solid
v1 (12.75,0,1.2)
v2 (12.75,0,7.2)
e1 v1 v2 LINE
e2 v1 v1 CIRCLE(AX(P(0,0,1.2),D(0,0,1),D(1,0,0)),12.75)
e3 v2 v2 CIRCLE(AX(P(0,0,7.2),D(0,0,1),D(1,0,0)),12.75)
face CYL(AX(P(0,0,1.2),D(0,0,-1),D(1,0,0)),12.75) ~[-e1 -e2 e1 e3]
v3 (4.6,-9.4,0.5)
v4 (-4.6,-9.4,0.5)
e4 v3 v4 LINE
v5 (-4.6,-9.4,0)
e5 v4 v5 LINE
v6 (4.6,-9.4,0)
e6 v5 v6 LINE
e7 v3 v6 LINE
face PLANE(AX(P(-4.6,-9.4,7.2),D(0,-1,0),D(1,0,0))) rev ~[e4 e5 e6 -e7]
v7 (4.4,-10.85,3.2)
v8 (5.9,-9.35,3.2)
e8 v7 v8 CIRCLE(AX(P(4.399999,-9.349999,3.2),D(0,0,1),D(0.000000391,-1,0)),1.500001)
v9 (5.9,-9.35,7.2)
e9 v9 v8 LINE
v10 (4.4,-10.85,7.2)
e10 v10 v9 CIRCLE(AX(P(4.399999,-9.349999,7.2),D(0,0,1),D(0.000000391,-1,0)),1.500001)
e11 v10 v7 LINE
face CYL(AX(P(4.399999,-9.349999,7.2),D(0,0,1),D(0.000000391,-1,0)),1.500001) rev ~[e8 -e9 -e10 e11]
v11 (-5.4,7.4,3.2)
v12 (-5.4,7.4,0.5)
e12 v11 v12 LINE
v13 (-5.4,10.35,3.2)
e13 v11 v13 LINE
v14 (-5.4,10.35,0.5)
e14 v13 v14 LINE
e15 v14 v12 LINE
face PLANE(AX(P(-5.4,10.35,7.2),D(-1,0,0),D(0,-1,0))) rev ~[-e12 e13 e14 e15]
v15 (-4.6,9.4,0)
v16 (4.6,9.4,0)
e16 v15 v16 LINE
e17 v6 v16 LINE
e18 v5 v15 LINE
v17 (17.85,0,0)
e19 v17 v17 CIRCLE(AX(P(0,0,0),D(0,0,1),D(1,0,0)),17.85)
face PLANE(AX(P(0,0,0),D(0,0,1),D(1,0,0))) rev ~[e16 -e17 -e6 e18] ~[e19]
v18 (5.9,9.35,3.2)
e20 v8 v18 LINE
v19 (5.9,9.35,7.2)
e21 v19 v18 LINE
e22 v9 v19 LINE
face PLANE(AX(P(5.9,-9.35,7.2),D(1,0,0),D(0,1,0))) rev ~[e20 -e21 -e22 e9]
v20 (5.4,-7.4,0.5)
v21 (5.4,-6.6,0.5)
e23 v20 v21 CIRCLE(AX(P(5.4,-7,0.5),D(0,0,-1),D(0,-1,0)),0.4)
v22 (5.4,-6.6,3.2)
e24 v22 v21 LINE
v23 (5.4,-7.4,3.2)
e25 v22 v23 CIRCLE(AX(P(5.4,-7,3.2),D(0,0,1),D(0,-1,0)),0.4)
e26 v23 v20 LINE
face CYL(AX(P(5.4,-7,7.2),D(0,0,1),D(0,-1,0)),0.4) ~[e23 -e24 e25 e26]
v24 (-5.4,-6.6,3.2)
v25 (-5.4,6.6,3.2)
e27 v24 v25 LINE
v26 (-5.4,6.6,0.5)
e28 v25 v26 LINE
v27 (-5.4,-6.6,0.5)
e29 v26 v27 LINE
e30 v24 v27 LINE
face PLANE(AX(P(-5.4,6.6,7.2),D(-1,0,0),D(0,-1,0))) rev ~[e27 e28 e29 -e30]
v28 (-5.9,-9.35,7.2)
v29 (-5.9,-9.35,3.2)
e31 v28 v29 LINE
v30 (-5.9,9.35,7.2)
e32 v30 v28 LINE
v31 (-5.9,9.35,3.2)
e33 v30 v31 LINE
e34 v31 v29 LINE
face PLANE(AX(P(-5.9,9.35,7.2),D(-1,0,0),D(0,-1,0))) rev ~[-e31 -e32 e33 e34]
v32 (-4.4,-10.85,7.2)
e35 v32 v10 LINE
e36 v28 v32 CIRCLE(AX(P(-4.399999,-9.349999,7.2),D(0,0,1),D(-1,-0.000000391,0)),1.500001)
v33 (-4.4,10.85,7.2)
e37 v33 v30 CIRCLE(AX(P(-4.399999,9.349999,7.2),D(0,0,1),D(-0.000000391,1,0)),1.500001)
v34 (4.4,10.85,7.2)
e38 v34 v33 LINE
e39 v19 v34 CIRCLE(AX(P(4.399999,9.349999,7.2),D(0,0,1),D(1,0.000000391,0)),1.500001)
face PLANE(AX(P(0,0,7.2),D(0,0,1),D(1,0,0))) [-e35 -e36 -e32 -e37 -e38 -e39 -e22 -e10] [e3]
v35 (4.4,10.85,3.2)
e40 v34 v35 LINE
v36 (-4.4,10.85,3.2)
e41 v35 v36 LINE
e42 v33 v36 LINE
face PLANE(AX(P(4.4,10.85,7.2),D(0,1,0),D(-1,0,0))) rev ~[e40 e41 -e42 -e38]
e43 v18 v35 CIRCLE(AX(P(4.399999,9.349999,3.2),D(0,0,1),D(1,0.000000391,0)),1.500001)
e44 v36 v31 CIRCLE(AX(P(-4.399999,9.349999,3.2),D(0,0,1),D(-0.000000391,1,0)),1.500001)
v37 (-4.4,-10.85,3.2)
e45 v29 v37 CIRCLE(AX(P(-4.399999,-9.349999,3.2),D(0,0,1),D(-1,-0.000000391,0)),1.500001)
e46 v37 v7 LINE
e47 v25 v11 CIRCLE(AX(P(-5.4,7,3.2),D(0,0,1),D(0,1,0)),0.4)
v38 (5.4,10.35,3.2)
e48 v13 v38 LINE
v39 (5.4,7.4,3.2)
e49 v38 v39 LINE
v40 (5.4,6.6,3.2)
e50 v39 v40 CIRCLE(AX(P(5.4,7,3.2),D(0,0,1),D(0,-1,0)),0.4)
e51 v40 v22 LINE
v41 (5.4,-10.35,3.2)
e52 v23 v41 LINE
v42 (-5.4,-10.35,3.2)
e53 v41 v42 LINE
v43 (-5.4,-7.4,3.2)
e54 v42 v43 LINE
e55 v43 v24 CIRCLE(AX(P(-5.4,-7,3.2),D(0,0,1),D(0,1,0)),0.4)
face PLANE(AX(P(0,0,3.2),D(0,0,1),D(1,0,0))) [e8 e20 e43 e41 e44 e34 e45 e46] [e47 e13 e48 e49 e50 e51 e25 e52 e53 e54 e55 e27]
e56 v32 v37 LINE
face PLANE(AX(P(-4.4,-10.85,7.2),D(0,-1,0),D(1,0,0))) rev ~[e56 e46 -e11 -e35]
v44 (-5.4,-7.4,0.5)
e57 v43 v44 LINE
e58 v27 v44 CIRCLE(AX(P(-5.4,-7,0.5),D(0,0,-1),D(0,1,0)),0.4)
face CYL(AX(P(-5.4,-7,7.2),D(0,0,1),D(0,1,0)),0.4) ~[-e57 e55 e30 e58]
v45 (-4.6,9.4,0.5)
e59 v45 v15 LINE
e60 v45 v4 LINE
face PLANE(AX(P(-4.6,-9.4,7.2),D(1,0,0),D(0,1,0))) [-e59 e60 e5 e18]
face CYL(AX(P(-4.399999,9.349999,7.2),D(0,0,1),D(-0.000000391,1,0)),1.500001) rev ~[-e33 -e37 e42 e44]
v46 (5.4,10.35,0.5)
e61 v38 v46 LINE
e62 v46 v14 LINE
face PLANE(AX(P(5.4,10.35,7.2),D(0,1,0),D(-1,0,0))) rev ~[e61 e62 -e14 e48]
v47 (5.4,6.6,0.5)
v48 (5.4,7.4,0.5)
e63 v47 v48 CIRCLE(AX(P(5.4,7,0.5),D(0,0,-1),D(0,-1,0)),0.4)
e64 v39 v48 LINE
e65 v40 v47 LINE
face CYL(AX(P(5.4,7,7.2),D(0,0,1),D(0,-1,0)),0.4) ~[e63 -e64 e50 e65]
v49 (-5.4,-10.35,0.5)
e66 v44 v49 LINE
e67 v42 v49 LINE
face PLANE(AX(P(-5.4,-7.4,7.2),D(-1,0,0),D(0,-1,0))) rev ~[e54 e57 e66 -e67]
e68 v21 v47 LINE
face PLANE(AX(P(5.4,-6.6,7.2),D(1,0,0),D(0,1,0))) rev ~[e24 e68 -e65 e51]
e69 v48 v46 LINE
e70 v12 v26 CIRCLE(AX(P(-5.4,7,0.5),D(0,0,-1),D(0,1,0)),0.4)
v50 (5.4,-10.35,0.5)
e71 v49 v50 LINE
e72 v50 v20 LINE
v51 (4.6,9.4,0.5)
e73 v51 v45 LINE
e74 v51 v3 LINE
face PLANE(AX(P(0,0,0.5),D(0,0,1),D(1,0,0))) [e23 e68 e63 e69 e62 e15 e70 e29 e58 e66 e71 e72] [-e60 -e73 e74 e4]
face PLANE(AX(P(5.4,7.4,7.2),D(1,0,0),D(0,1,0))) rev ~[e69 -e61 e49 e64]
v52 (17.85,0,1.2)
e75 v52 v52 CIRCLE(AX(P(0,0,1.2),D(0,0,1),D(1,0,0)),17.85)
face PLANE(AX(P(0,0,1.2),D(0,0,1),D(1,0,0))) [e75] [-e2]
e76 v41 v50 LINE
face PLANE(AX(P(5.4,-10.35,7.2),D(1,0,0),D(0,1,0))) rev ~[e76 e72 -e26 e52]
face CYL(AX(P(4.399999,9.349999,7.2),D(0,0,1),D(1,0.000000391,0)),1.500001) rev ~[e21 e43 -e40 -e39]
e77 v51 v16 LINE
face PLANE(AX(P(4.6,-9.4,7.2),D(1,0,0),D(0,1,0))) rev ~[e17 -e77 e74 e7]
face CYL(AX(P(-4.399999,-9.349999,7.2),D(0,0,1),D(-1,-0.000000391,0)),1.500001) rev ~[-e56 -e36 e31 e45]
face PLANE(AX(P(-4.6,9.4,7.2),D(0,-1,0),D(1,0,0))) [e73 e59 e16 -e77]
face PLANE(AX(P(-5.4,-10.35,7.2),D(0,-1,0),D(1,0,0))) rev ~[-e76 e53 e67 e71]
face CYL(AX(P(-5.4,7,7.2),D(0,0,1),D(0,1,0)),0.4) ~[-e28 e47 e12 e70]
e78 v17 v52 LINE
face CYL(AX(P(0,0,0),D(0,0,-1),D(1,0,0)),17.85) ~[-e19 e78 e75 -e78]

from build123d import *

# Parameters (mm, degrees)
F0_R     = 17.85
F1_DEPTH = 1.2
F2_R     = 12.75
F3_DEPTH = 6
F4_W     = 9.2
F4_H     = 18.8
F5_DEPTH = 7.201
F7_DEPTH = 6.7
F9_DEPTH = 4


with BuildPart() as f1:
    # F0 (on Top) → F1 (new body)
    with BuildSketch(Plane.XY):
        Circle(F0_R)
    extrude(amount=F1_DEPTH)

    # F2 (on face) → F3 (join)
    with BuildSketch(Plane.XY.offset(1.2)):
        Circle(F2_R)
    extrude(amount=F3_DEPTH)

    # F4 (on face) → F5 (cut, through all)
    with BuildSketch(Plane.XY.offset(7.2)):
        Rectangle(F4_W, F4_H)
    extrude(amount=-F5_DEPTH, mode=Mode.SUBTRACT)

    # F6 (on face) → F7 (cut)
    with BuildSketch(Plane.XY.offset(7.2)):
        with BuildLine():
            Line((5.4, 10.35), (-5.4, 10.35))
            Line((-5.4, 10.35), (-5.4, 7.4))
            ThreePointArc((-5.4, 7.4), (-5, 7), (-5.4, 6.6))
            Line((-5.4, 6.6), (-5.4, -6.6))
            ThreePointArc((-5.4, -6.6), (-5, -7), (-5.4, -7.4))
            Line((-5.4, -7.4), (-5.4, -10.35))
            Line((-5.4, -10.35), (5.4, -10.35))
            Line((5.4, -10.35), (5.4, -7.4))
            ThreePointArc((5.4, -7.4), (5, -7), (5.4, -6.6))
            Line((5.4, -6.6), (5.4, 6.6))
            ThreePointArc((5.4, 6.6), (5, 7), (5.4, 7.4))
            Line((5.4, 7.4), (5.4, 10.35))
        make_face()
    extrude(amount=-F7_DEPTH, mode=Mode.SUBTRACT)

    # F8 (on face) → F9 (cut)
    with BuildSketch(Plane.XY.offset(7.2)):
        with BuildLine():
            Line((4.4, 10.85), (-4.4, 10.85))
            ThreePointArc((-4.4, 10.85), (-5.46066, 10.41066), (-5.9, 9.35))
            Line((-5.9, 9.35), (-5.9, -9.35))
            ThreePointArc((-5.9, -9.35), (-5.46066, -10.41066), (-4.4, -10.85))
            Line((-4.4, -10.85), (4.4, -10.85))
            ThreePointArc((4.4, -10.85), (5.46066, -10.41066), (5.9, -9.35))
            Line((5.9, -9.35), (5.9, 9.35))
            ThreePointArc((5.9, 9.35), (5.46066, 10.41066), (4.4, 10.85))
        make_face()
    extrude(amount=-F9_DEPTH, mode=Mode.SUBTRACT)


solid = f1.part
